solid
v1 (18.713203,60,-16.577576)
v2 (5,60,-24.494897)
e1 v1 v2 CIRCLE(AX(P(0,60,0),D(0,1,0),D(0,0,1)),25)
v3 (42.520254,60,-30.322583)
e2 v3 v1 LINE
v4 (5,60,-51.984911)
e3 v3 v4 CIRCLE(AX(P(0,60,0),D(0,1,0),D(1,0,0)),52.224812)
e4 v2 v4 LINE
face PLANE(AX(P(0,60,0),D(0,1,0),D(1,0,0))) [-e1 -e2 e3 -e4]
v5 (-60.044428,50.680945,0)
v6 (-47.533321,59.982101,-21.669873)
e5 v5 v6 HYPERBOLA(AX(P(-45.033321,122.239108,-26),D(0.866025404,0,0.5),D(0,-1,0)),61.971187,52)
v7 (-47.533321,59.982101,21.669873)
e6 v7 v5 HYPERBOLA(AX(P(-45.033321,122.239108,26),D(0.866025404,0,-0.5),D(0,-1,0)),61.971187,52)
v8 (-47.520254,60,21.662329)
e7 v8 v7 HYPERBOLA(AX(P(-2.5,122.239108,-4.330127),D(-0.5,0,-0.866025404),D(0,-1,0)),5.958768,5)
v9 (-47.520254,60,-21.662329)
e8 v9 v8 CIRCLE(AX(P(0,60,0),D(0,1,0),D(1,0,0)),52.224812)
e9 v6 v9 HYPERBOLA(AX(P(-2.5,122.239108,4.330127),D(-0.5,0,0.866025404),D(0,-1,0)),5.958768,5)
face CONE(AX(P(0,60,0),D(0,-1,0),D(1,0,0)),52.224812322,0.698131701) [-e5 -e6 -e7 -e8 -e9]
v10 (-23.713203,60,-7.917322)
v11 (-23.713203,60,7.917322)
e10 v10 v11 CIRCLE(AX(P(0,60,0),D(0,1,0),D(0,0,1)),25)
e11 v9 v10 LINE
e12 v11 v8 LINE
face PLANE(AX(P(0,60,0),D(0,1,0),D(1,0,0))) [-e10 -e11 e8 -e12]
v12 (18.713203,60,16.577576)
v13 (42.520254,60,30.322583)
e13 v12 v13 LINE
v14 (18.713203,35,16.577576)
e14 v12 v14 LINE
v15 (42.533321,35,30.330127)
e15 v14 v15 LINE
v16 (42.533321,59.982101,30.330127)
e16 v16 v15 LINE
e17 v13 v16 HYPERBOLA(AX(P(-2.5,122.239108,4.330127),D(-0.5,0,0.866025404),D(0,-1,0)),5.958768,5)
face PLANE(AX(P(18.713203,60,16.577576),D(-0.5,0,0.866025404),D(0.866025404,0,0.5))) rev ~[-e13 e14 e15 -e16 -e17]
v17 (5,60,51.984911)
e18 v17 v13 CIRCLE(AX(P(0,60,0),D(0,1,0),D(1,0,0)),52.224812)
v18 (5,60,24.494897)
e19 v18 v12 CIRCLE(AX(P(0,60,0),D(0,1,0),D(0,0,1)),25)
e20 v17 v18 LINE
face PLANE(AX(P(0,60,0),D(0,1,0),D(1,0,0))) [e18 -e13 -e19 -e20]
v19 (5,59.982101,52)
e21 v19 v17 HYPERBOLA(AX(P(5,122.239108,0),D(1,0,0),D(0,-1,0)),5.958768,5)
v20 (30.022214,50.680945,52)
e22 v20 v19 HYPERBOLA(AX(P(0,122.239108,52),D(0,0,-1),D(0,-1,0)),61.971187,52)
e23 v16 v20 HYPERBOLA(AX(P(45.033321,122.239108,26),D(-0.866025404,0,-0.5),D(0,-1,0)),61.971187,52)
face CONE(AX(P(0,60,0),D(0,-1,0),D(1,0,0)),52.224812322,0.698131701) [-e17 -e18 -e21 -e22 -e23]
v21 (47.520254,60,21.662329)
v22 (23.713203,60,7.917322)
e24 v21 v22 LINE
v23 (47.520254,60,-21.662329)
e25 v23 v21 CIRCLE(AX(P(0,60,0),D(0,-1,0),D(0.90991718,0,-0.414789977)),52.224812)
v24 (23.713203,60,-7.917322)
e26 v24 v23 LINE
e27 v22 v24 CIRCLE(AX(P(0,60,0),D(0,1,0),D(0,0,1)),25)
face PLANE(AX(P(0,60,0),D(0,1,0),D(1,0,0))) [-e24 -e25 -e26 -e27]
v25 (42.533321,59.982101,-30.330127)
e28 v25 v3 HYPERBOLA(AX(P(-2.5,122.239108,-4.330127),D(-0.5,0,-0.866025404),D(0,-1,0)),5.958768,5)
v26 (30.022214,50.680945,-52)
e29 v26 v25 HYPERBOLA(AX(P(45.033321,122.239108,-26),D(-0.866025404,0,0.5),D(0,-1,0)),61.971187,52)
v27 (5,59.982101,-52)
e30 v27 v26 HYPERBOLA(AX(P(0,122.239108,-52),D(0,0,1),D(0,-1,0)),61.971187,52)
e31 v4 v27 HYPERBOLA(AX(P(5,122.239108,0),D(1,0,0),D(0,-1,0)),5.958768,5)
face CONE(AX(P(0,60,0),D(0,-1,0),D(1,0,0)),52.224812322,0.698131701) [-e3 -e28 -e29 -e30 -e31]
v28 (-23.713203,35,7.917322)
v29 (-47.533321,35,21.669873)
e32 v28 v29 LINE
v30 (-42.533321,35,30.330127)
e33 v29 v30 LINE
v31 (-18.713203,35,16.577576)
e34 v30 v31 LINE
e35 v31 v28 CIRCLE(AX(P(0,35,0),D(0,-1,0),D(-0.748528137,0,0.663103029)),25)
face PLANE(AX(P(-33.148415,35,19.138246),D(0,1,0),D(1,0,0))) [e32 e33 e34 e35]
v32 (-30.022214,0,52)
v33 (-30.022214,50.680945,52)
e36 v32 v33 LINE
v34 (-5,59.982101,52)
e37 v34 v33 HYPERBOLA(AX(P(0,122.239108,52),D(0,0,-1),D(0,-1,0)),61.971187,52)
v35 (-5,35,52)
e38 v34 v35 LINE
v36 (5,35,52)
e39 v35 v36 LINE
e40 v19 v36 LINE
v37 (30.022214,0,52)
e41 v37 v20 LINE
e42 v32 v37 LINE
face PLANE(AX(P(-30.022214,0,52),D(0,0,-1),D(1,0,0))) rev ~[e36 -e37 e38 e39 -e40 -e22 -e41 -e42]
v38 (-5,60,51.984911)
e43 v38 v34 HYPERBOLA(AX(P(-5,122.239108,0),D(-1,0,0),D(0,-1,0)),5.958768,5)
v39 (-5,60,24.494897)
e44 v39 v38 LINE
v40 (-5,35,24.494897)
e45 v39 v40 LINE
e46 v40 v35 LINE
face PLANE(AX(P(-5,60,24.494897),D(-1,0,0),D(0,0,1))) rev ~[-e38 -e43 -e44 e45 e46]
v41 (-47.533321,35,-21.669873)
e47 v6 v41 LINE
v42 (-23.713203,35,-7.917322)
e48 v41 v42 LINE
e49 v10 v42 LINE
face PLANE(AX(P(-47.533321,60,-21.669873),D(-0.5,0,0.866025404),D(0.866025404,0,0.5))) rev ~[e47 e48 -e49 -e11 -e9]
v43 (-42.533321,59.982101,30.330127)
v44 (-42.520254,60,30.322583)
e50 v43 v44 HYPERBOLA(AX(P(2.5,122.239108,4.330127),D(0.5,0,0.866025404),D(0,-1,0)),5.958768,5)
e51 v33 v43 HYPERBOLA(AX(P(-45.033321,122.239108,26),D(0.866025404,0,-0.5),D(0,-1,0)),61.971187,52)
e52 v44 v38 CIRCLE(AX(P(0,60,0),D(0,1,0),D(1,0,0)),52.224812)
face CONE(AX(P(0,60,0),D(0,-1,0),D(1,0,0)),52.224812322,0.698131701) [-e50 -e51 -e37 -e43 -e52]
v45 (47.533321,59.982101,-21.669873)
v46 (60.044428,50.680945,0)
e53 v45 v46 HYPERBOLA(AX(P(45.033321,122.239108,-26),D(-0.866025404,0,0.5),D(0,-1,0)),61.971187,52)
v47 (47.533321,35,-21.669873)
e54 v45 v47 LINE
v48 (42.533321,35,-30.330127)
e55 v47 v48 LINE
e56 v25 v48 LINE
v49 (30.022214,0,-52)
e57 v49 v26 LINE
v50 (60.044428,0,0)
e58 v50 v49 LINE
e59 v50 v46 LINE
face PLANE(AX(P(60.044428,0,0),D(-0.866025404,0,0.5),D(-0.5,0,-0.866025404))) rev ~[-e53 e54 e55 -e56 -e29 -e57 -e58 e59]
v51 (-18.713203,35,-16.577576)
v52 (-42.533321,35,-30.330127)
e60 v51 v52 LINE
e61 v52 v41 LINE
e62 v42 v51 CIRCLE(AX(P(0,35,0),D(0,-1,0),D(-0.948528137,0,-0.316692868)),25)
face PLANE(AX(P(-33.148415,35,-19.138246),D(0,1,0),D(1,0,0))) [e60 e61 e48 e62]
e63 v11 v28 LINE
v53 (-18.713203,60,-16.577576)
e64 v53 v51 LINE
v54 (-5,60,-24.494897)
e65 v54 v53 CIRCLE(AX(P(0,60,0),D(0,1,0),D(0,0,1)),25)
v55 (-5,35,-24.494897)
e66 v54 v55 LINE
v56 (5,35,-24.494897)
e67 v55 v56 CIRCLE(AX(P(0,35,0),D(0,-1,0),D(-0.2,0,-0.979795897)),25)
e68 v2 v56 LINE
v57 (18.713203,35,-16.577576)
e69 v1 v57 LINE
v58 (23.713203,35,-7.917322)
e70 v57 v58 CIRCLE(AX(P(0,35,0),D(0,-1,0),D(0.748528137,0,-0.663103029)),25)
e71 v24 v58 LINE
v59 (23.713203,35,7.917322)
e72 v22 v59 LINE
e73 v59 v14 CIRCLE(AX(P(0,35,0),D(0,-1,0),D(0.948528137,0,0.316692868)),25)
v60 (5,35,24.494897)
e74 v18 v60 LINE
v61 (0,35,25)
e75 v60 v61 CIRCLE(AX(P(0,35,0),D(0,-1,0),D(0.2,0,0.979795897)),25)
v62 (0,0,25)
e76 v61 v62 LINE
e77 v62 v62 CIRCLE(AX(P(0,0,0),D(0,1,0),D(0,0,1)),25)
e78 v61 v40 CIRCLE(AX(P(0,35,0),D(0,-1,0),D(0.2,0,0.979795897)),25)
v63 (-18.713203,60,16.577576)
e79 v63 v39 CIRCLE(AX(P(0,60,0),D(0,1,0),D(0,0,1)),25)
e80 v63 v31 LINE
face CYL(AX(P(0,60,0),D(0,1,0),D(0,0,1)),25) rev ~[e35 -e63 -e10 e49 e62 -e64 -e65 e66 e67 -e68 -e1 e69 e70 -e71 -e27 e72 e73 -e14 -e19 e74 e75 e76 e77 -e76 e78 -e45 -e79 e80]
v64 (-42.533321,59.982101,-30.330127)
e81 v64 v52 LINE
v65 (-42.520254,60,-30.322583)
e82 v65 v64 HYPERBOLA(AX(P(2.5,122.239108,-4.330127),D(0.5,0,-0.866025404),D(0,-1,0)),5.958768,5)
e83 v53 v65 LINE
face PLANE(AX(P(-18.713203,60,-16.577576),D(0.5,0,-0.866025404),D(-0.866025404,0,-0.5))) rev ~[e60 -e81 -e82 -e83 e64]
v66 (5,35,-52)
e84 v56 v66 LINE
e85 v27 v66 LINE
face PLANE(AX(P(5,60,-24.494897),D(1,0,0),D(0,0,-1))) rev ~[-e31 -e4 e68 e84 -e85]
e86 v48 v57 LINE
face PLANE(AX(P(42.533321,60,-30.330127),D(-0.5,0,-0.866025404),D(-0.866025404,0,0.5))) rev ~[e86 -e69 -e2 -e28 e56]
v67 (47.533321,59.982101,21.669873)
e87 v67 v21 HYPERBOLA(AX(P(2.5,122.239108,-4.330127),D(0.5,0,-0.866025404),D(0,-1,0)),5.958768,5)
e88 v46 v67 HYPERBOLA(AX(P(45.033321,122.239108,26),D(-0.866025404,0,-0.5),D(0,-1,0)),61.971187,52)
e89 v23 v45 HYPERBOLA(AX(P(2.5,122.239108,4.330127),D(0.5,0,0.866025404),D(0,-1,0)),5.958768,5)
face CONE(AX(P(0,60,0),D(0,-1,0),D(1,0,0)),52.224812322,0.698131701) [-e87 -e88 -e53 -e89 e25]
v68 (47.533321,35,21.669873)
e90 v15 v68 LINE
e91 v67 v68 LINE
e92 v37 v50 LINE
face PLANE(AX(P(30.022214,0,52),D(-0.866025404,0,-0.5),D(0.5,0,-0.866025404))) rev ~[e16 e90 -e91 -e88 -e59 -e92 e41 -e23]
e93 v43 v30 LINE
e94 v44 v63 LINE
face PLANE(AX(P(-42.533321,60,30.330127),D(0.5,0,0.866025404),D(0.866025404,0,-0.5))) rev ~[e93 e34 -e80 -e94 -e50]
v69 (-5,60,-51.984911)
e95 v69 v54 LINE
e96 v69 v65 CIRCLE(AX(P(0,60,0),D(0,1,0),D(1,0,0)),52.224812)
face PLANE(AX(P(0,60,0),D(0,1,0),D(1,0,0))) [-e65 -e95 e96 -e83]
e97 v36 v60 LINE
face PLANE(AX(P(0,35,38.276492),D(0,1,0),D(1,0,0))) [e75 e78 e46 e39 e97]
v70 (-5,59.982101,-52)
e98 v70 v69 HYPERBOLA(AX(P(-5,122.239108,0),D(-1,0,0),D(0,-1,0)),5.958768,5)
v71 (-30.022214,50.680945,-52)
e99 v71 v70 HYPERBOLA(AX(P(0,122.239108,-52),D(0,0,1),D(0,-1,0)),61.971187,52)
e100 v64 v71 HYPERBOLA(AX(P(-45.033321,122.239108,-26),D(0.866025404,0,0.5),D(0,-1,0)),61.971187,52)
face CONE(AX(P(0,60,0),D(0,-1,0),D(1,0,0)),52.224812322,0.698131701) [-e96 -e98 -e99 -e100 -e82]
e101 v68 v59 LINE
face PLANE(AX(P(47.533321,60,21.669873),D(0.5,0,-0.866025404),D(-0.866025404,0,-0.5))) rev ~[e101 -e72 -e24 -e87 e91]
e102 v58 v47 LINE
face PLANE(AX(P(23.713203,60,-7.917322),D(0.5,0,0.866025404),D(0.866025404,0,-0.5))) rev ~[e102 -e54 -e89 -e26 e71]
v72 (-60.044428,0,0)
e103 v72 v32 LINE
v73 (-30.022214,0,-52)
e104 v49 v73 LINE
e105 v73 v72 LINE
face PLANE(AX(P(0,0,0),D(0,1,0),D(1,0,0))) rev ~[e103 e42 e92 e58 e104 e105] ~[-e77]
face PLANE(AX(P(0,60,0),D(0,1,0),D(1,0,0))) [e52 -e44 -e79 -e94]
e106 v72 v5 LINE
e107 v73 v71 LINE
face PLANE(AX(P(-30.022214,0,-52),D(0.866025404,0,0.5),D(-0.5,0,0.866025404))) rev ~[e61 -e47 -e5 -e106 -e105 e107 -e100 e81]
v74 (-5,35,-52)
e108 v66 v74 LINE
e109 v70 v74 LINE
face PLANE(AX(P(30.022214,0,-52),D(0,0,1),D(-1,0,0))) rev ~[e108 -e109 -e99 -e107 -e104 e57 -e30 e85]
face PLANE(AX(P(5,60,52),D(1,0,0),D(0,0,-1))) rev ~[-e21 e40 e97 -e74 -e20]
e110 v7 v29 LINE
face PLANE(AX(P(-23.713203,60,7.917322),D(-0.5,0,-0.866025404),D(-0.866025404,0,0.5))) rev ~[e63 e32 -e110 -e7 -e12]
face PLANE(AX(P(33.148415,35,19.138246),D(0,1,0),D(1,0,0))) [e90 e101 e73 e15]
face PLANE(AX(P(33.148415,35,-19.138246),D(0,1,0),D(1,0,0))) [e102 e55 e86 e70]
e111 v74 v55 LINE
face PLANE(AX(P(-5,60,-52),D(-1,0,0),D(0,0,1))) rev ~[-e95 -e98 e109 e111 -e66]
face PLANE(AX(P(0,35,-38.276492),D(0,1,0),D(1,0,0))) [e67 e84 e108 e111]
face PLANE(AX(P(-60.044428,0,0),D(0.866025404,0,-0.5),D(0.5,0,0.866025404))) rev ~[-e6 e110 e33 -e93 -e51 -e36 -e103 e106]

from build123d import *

# Parameters (mm, degrees)
BOSS_EXTRUDE1_DEPTH = 60
CUT_EXTRUDE9_DEPTH  = 25
SKETCH5_OUTSIDE_W   = 324.786
SKETCH5_OUTSIDE_H   = 308.698
SKETCH5_OUTSIDE_R   = 52.224812322
CUT_EXTRUDE10_DEPTH = 100.545634426
CUT_EXTRUDE10_DRAFT = -40
SKETCH6_R           = 25
CUT_EXTRUDE11_DEPTH = 100.545634426


with BuildPart() as part:
    # Sketch1 → Boss-Extrude1 (new body)
    with BuildSketch(Plane(origin=(0, 0, 0), x_dir=(1, 0, 0), z_dir=(0, 1, 0))):
        Polygon((30.022213998, -52), (60.044427996, 0), (30.022213998, 52), (-30.022213998, 52), (-60.044427996, 0), (-30.022213998, -52), align=None)
    extrude(amount=BOSS_EXTRUDE1_DEPTH)

    # Sketch2 → Cut-Extrude9 (cut)
    with BuildSketch(Plane(origin=(0, 60, 0), x_dir=(1, 0, 0), z_dir=(0, 1, 0))):
        with BuildLine():
            Line((5, 52), (-5, 52))
            Line((-5, 52), (-5, 24.494897428))
            ThreePointArc((-5, 24.494897428), (0, 25), (5, 24.494897428))
            Line((5, 24.494897428), (5, 52))
        make_face()
        with BuildLine():
            ThreePointArc((5, -24.494897428), (0, -25), (-5, -24.494897428))
            Line((-5, -24.494897428), (-5, -52))
            Line((-5, -52), (5, -52))
            Line((5, -52), (5, -24.494897428))
        make_face()
        with BuildLine():
            Line((42.533320997, 30.330127019), (18.713203436, 16.577575733))
            ThreePointArc((18.713203436, 16.577575733), (21.650635095, 12.5), (23.713203436, 7.917321695))
            Line((23.713203436, 7.917321695), (47.533320997, 21.669872981))
            Line((47.533320997, 21.669872981), (42.533320997, 30.330127019))
        make_face()
        with BuildLine():
            ThreePointArc((-23.713203436, 7.917321695), (-21.650635095, 12.5), (-18.713203436, 16.577575733))
            Line((-18.713203436, 16.577575733), (-42.533320997, 30.330127019))
            Line((-42.533320997, 30.330127019), (-47.533320997, 21.669872981))
            Line((-47.533320997, 21.669872981), (-23.713203436, 7.917321695))
        make_face()
        with BuildLine():
            ThreePointArc((-18.713203436, -16.577575733), (-21.650635095, -12.5), (-23.713203436, -7.917321695))
            Line((-23.713203436, -7.917321695), (-47.533320997, -21.669872981))
            Line((-47.533320997, -21.669872981), (-42.533320997, -30.330127019))
            Line((-42.533320997, -30.330127019), (-18.713203436, -16.577575733))
        make_face()
        with BuildLine():
            Line((47.533320997, -21.669872981), (23.713203436, -7.917321695))
            ThreePointArc((23.713203436, -7.917321695), (21.650635095, -12.5), (18.713203436, -16.577575733))
            Line((18.713203436, -16.577575733), (42.533320997, -30.330127019))
            Line((42.533320997, -30.330127019), (47.533320997, -21.669872981))
        make_face()
    extrude(amount=-CUT_EXTRUDE9_DEPTH, mode=Mode.SUBTRACT)


with BuildPart() as cut_extrude10_tool:
    # Sketch5 outside → Cut-Extrude10 (with draft: the straight prism first)
    with BuildSketch(Plane(origin=(0, 60, 0), x_dir=(1, 0, 0), z_dir=(0, 1, 0))):
        Rectangle(SKETCH5_OUTSIDE_W, SKETCH5_OUTSIDE_H)
        Circle(SKETCH5_OUTSIDE_R, mode=Mode.SUBTRACT)
    extrude(amount=-CUT_EXTRUDE10_DEPTH)
    # Cut-Extrude10: the draft: its side faces are tilted about the plane it starts from
    cut_extrude10_sides = [cut_extrude10_tool.faces().sort_by_distance(p)[0] for p in [
        (0, 9.727182787, 154.349),
        (162.393, 9.727182787, 0),
        (0, 9.727182787, -154.349),
        (-162.393, 9.727182787, 0),
        (-52.224812322, 9.727182787, 0),
    ]]
    draft(cut_extrude10_sides, Plane(origin=(0, 60, 0), x_dir=(1, 0, 0), z_dir=(0, 1, 0)), CUT_EXTRUDE10_DRAFT)


with BuildPart() as part_1:
    add(part.part)

    # Cut-Extrude10: cut by cut_extrude10_tool
    add(cut_extrude10_tool.part, mode=Mode.SUBTRACT)

    # Sketch6 → Cut-Extrude11 (cut, through all)
    with BuildSketch(Plane(origin=(0, 60, 0), x_dir=(1, 0, 0), z_dir=(0, 1, 0))):
        with Locations(Location((0, 0, 0), (0, 0, 270))):
            Circle(SKETCH6_R)
    extrude(amount=-CUT_EXTRUDE11_DEPTH, mode=Mode.SUBTRACT)


solid = part_1.part
